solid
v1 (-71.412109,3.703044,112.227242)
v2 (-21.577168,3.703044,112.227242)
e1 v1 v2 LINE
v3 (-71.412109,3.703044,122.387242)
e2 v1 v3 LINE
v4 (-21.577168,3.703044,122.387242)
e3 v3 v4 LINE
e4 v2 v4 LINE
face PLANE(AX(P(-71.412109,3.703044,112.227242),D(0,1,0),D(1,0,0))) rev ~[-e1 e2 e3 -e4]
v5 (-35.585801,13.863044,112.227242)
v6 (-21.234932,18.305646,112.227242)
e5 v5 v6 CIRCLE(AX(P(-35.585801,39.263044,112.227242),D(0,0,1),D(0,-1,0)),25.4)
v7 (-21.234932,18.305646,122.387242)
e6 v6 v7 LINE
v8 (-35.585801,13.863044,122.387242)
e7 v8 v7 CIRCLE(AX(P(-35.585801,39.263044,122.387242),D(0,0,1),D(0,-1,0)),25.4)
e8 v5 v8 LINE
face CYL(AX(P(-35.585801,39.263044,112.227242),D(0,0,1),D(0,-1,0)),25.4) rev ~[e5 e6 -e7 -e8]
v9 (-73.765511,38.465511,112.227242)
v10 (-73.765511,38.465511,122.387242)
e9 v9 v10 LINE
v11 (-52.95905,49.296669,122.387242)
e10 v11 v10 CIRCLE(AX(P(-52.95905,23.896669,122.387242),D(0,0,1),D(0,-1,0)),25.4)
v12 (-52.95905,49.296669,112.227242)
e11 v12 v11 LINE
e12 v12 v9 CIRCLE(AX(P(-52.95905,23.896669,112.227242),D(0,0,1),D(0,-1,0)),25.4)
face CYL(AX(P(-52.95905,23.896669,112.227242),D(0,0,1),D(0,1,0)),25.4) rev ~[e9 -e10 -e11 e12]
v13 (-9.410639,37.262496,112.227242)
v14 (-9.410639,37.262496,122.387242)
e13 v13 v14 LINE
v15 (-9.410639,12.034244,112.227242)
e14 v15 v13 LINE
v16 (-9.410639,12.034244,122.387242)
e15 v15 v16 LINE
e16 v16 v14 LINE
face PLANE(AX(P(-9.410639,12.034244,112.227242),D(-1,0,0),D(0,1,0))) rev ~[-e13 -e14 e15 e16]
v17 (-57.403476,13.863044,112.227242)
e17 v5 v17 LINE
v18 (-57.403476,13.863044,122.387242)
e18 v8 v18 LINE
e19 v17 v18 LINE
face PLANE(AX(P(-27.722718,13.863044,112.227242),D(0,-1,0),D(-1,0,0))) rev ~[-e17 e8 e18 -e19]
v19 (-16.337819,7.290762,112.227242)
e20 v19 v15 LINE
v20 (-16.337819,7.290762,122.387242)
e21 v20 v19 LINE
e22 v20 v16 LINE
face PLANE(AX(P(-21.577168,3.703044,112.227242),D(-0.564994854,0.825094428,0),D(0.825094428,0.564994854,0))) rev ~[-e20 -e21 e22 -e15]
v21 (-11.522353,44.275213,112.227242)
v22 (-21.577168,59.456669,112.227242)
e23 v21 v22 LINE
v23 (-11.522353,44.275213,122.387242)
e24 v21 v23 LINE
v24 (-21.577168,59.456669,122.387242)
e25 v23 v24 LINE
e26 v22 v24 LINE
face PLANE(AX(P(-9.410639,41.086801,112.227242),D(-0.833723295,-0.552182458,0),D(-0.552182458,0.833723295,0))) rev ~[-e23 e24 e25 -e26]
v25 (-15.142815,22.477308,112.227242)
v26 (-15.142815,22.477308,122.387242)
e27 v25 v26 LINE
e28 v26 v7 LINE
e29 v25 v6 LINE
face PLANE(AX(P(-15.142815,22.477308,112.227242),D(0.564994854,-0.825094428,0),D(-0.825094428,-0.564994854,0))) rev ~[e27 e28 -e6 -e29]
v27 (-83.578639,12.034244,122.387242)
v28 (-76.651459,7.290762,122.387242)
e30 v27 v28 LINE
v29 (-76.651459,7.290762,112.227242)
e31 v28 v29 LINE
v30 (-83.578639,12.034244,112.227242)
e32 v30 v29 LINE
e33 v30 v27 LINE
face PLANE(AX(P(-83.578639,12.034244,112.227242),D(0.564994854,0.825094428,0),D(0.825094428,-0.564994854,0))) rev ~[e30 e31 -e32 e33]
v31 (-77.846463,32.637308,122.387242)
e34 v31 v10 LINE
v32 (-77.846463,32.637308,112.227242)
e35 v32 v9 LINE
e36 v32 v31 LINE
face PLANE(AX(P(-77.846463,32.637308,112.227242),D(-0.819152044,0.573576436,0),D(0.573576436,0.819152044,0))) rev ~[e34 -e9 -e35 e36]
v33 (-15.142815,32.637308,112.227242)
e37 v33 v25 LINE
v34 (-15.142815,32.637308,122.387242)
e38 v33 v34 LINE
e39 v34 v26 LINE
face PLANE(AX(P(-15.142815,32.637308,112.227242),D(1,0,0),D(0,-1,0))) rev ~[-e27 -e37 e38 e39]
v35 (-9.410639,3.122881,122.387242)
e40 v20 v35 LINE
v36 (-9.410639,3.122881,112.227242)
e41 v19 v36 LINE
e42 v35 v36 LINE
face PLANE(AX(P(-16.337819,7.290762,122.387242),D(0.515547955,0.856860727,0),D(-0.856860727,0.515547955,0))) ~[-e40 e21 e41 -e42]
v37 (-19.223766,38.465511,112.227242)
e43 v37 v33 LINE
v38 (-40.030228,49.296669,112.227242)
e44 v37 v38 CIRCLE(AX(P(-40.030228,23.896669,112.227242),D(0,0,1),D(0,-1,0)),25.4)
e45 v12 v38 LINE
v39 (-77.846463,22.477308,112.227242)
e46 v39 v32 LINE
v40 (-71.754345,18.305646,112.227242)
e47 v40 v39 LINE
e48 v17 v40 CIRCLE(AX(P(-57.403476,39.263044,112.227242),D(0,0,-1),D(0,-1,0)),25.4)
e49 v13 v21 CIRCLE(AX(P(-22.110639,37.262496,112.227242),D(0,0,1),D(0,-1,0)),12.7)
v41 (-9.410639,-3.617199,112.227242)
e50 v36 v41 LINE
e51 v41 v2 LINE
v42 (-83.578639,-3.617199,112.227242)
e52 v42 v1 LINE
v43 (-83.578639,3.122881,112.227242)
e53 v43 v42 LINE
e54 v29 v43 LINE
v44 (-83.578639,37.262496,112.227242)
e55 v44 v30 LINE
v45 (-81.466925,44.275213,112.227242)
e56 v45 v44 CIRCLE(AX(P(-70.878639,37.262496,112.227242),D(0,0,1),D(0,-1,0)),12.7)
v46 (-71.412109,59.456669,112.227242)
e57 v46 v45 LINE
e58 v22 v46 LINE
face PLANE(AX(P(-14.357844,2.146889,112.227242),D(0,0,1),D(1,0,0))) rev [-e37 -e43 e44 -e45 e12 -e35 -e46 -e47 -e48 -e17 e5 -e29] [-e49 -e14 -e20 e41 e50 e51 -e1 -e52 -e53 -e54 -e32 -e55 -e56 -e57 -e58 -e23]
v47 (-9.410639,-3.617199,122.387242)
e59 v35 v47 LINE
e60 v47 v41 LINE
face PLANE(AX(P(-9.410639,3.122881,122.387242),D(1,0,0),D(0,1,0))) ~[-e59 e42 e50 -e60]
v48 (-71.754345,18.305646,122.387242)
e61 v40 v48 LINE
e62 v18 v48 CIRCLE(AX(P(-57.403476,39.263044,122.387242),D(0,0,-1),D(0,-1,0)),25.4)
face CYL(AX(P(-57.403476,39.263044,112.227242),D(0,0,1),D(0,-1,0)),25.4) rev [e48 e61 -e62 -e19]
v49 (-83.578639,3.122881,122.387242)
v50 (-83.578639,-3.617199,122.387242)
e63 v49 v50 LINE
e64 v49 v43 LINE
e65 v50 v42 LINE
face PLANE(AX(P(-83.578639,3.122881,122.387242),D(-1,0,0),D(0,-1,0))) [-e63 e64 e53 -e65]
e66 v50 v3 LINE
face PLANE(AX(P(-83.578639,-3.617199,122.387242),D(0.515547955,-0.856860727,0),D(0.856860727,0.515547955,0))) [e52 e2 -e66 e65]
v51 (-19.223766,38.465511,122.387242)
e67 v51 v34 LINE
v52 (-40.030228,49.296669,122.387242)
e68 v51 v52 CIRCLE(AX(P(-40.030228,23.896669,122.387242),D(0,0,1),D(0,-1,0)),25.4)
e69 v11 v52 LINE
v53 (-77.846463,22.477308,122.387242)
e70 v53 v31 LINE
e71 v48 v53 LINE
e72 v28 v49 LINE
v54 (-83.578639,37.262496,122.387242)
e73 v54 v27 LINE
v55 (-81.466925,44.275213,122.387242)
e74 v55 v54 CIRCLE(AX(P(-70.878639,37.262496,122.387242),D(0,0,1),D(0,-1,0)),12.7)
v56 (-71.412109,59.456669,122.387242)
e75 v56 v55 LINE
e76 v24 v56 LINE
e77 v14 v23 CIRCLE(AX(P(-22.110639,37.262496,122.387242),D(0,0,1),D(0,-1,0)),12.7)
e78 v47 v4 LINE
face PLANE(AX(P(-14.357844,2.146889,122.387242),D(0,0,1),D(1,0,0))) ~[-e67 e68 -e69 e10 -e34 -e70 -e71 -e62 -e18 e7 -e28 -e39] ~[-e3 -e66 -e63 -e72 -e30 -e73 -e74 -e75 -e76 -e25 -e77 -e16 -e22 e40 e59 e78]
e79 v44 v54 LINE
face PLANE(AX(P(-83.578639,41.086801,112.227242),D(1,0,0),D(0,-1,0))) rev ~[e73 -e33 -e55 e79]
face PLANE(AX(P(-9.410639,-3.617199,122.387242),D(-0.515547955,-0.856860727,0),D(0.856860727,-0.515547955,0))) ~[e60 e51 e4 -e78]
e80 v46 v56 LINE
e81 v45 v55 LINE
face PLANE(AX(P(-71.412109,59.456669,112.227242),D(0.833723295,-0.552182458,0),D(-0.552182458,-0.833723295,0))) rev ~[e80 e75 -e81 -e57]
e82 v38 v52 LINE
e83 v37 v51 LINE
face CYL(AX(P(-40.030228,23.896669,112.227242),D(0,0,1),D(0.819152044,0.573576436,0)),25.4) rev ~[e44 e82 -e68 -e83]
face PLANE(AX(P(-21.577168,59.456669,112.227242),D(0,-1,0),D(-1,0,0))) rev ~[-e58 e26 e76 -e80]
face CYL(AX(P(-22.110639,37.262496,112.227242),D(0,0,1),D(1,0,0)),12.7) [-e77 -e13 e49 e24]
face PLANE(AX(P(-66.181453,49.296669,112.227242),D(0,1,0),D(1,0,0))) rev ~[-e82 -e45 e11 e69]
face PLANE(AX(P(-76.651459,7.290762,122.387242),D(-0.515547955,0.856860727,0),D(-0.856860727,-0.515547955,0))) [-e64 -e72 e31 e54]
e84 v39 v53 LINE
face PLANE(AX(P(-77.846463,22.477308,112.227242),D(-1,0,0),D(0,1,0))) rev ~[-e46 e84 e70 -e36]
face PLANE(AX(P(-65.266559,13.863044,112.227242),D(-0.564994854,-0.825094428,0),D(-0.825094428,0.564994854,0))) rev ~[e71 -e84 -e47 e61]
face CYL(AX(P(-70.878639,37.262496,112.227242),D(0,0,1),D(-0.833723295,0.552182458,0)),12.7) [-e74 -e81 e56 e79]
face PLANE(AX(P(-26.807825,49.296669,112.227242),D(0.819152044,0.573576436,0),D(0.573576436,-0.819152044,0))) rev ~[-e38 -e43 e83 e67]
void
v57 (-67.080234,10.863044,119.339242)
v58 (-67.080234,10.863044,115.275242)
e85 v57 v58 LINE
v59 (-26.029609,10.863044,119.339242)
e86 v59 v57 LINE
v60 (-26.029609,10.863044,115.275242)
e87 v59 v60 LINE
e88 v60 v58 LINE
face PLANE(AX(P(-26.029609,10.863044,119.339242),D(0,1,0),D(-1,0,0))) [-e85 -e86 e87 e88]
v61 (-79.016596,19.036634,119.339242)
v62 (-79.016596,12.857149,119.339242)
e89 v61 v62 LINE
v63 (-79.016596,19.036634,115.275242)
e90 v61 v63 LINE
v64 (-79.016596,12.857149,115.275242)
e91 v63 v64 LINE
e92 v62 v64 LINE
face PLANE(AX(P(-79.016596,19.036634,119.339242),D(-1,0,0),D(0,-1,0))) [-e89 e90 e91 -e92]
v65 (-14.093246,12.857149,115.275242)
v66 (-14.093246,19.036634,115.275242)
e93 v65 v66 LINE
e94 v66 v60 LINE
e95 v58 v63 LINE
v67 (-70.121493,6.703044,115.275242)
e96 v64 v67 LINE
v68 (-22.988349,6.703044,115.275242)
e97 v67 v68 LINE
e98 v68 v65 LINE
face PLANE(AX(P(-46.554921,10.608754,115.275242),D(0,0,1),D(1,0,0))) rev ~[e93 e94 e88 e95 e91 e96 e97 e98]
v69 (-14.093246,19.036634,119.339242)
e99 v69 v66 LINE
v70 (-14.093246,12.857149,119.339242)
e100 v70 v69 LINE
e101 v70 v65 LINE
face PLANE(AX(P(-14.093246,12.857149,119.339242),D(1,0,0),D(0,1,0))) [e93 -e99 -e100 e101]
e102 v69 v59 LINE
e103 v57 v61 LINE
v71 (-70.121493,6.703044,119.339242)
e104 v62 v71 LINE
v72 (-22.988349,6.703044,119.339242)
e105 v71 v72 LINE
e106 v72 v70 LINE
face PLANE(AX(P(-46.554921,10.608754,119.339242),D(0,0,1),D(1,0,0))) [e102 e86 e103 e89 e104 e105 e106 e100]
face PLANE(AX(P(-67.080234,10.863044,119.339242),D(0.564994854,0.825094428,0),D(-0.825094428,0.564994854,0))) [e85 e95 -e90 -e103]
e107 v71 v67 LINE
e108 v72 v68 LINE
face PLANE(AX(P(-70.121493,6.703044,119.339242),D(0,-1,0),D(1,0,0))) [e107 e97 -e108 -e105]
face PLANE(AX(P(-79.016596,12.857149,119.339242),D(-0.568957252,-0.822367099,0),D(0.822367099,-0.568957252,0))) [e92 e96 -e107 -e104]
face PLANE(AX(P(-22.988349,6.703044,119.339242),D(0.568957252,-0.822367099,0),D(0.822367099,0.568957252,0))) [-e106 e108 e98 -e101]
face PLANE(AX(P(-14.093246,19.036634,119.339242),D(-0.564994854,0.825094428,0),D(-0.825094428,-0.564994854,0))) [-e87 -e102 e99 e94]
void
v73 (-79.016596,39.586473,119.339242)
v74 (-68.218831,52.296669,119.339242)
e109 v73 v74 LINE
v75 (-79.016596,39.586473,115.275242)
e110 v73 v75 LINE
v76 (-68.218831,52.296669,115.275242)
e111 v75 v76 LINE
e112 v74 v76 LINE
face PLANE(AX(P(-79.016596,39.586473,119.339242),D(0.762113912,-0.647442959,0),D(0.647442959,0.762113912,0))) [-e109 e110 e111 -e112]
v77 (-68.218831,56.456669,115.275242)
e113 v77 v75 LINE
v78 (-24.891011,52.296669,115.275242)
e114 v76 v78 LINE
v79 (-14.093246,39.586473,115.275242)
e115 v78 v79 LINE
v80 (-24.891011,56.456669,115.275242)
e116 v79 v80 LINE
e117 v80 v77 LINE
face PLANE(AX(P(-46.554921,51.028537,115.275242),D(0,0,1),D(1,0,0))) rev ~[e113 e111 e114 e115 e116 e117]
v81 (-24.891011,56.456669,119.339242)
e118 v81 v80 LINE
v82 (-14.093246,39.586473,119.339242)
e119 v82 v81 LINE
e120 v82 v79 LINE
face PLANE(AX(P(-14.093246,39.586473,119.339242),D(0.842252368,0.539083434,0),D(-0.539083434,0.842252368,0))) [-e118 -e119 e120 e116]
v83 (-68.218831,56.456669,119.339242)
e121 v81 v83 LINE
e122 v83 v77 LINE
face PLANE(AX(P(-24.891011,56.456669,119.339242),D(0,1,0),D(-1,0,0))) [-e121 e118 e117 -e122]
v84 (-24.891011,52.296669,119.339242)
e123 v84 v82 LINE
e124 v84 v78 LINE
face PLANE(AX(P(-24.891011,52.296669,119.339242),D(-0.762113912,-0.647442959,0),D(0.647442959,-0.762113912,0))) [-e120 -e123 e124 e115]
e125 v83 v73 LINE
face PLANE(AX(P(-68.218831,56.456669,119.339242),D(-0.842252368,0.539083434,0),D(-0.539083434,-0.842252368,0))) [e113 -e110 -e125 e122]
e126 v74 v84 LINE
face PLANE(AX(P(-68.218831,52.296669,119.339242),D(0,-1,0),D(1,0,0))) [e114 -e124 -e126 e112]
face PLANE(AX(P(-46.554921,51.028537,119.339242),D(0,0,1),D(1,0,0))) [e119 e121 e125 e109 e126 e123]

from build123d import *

# Parameters (mm, degrees)
BOSS_EXTRUDE1_DEPTH      = 5.08
BOSS_EXTRUDE1_DEPTH_BACK = 5.08
BOSS_EXTRUDE1_START      = -15.3035
FILLET1_R                = 12.7
FILLET2_R                = 12.7
FILLET3_R                = 25.4
BOSS_EXTRUDE2_DEPTH      = 10.16
CUT_EXTRUDE1_DEPTH       = 2.032
CUT_EXTRUDE1_DEPTH_BACK  = 2.032


with BuildPart() as part:
    # Sketch1 → Boss-Extrude1 (new, two sides: drawn at the far end of the back side and taken through both)
    with BuildSketch(Plane.XY.offset(132.610741806).offset(BOSS_EXTRUDE1_START - BOSS_EXTRUDE1_DEPTH_BACK)):
        Polygon((-83.578638746, 26.563044496), (-83.578638746, 12.034244496), (-71.412108995, 3.703044496), (-21.577168497, 3.703044496), (-9.410638746, 12.034244496), (-9.410638746, 26.563044496), (-9.410638746, 41.086800568), (-21.577168497, 59.456669294), (-71.412108995, 59.456669294), (-83.578638746, 41.086800568), align=None)
        Polygon((-65.266559293, 13.863044496), (-77.846462947, 22.47730801), (-77.846462947, 32.63730801), (-66.181452594, 49.296669294), (-26.807824897, 49.296669294), (-15.142814545, 32.63730801), (-15.142814545, 22.47730801), (-27.722718198, 13.863044496), align=None, mode=Mode.SUBTRACT)
    extrude(amount=BOSS_EXTRUDE1_DEPTH + BOSS_EXTRUDE1_DEPTH_BACK)

    # Fillet1
    fillet1_edges = [part.edges().sort_by_distance(p)[0] for p in [
        (-9.410638746, 41.086800568, 117.307241806),
    ]]
    fillet(fillet1_edges, radius=FILLET1_R)

    # Fillet2
    fillet2_edges = [part.edges().sort_by_distance(p)[0] for p in [
        (-83.578638746, 41.086800568, 117.307241806),
    ]]
    fillet(fillet2_edges, radius=FILLET2_R)

    # Fillet3
    fillet3_edges = [part.edges().sort_by_distance(p)[0] for p in [
        (-65.266559293, 13.863044496, 117.307241806),
        (-27.722718198, 13.863044496, 117.307241806),
        (-26.807824897, 49.296669294, 117.307241806),
        (-66.181452594, 49.296669294, 117.307241806),
    ]]
    fillet(fillet3_edges, radius=FILLET3_R)

    # Sketch2 → Boss-Extrude2 (add)
    with BuildSketch(Plane.XY.offset(122.387241806)):
        Polygon((-83.578638746, -3.617199432), (-71.412108995, 3.703044496), (-76.651458613, 7.290761818), (-83.578638746, 3.122880808), align=None)
    boss_extrude2 = extrude(amount=-BOSS_EXTRUDE2_DEPTH)

    # Mirror1: Boss-Extrude2 across plane
    add(boss_extrude2.mirror(Plane(origin=(-46.494638746, 0, 0), x_dir=(0, 0, 1), z_dir=(1, 0, 0))))

    # Sketch3 → Cut-Extrude1 (cut, two sides: drawn at the far end of the back side and taken through both)
    with BuildSketch(Plane(origin=(0, 0, 117.307241806), x_dir=(-1, 0, 0), z_dir=(0, 0, -1)).offset(-CUT_EXTRUDE1_DEPTH_BACK)):
        Polygon((24.891011245, 56.456669294), (68.21883105, 56.456669294), (79.016596447, 39.586472788), (68.21883105, 52.296669294), (24.891011245, 52.296669294), (14.093245849, 39.586472788), align=None)
        Polygon((79.016596447, 19.036634436), (79.016596447, 12.857149387), (70.121493391, 6.703044496), (22.988348904, 6.703044496), (14.093245849, 12.857149387), (14.093245849, 19.036634436), (26.029608579, 10.863044496), (67.080233717, 10.863044496), align=None)
    extrude(amount=CUT_EXTRUDE1_DEPTH + CUT_EXTRUDE1_DEPTH_BACK, mode=Mode.SUBTRACT)


solid = part.part
